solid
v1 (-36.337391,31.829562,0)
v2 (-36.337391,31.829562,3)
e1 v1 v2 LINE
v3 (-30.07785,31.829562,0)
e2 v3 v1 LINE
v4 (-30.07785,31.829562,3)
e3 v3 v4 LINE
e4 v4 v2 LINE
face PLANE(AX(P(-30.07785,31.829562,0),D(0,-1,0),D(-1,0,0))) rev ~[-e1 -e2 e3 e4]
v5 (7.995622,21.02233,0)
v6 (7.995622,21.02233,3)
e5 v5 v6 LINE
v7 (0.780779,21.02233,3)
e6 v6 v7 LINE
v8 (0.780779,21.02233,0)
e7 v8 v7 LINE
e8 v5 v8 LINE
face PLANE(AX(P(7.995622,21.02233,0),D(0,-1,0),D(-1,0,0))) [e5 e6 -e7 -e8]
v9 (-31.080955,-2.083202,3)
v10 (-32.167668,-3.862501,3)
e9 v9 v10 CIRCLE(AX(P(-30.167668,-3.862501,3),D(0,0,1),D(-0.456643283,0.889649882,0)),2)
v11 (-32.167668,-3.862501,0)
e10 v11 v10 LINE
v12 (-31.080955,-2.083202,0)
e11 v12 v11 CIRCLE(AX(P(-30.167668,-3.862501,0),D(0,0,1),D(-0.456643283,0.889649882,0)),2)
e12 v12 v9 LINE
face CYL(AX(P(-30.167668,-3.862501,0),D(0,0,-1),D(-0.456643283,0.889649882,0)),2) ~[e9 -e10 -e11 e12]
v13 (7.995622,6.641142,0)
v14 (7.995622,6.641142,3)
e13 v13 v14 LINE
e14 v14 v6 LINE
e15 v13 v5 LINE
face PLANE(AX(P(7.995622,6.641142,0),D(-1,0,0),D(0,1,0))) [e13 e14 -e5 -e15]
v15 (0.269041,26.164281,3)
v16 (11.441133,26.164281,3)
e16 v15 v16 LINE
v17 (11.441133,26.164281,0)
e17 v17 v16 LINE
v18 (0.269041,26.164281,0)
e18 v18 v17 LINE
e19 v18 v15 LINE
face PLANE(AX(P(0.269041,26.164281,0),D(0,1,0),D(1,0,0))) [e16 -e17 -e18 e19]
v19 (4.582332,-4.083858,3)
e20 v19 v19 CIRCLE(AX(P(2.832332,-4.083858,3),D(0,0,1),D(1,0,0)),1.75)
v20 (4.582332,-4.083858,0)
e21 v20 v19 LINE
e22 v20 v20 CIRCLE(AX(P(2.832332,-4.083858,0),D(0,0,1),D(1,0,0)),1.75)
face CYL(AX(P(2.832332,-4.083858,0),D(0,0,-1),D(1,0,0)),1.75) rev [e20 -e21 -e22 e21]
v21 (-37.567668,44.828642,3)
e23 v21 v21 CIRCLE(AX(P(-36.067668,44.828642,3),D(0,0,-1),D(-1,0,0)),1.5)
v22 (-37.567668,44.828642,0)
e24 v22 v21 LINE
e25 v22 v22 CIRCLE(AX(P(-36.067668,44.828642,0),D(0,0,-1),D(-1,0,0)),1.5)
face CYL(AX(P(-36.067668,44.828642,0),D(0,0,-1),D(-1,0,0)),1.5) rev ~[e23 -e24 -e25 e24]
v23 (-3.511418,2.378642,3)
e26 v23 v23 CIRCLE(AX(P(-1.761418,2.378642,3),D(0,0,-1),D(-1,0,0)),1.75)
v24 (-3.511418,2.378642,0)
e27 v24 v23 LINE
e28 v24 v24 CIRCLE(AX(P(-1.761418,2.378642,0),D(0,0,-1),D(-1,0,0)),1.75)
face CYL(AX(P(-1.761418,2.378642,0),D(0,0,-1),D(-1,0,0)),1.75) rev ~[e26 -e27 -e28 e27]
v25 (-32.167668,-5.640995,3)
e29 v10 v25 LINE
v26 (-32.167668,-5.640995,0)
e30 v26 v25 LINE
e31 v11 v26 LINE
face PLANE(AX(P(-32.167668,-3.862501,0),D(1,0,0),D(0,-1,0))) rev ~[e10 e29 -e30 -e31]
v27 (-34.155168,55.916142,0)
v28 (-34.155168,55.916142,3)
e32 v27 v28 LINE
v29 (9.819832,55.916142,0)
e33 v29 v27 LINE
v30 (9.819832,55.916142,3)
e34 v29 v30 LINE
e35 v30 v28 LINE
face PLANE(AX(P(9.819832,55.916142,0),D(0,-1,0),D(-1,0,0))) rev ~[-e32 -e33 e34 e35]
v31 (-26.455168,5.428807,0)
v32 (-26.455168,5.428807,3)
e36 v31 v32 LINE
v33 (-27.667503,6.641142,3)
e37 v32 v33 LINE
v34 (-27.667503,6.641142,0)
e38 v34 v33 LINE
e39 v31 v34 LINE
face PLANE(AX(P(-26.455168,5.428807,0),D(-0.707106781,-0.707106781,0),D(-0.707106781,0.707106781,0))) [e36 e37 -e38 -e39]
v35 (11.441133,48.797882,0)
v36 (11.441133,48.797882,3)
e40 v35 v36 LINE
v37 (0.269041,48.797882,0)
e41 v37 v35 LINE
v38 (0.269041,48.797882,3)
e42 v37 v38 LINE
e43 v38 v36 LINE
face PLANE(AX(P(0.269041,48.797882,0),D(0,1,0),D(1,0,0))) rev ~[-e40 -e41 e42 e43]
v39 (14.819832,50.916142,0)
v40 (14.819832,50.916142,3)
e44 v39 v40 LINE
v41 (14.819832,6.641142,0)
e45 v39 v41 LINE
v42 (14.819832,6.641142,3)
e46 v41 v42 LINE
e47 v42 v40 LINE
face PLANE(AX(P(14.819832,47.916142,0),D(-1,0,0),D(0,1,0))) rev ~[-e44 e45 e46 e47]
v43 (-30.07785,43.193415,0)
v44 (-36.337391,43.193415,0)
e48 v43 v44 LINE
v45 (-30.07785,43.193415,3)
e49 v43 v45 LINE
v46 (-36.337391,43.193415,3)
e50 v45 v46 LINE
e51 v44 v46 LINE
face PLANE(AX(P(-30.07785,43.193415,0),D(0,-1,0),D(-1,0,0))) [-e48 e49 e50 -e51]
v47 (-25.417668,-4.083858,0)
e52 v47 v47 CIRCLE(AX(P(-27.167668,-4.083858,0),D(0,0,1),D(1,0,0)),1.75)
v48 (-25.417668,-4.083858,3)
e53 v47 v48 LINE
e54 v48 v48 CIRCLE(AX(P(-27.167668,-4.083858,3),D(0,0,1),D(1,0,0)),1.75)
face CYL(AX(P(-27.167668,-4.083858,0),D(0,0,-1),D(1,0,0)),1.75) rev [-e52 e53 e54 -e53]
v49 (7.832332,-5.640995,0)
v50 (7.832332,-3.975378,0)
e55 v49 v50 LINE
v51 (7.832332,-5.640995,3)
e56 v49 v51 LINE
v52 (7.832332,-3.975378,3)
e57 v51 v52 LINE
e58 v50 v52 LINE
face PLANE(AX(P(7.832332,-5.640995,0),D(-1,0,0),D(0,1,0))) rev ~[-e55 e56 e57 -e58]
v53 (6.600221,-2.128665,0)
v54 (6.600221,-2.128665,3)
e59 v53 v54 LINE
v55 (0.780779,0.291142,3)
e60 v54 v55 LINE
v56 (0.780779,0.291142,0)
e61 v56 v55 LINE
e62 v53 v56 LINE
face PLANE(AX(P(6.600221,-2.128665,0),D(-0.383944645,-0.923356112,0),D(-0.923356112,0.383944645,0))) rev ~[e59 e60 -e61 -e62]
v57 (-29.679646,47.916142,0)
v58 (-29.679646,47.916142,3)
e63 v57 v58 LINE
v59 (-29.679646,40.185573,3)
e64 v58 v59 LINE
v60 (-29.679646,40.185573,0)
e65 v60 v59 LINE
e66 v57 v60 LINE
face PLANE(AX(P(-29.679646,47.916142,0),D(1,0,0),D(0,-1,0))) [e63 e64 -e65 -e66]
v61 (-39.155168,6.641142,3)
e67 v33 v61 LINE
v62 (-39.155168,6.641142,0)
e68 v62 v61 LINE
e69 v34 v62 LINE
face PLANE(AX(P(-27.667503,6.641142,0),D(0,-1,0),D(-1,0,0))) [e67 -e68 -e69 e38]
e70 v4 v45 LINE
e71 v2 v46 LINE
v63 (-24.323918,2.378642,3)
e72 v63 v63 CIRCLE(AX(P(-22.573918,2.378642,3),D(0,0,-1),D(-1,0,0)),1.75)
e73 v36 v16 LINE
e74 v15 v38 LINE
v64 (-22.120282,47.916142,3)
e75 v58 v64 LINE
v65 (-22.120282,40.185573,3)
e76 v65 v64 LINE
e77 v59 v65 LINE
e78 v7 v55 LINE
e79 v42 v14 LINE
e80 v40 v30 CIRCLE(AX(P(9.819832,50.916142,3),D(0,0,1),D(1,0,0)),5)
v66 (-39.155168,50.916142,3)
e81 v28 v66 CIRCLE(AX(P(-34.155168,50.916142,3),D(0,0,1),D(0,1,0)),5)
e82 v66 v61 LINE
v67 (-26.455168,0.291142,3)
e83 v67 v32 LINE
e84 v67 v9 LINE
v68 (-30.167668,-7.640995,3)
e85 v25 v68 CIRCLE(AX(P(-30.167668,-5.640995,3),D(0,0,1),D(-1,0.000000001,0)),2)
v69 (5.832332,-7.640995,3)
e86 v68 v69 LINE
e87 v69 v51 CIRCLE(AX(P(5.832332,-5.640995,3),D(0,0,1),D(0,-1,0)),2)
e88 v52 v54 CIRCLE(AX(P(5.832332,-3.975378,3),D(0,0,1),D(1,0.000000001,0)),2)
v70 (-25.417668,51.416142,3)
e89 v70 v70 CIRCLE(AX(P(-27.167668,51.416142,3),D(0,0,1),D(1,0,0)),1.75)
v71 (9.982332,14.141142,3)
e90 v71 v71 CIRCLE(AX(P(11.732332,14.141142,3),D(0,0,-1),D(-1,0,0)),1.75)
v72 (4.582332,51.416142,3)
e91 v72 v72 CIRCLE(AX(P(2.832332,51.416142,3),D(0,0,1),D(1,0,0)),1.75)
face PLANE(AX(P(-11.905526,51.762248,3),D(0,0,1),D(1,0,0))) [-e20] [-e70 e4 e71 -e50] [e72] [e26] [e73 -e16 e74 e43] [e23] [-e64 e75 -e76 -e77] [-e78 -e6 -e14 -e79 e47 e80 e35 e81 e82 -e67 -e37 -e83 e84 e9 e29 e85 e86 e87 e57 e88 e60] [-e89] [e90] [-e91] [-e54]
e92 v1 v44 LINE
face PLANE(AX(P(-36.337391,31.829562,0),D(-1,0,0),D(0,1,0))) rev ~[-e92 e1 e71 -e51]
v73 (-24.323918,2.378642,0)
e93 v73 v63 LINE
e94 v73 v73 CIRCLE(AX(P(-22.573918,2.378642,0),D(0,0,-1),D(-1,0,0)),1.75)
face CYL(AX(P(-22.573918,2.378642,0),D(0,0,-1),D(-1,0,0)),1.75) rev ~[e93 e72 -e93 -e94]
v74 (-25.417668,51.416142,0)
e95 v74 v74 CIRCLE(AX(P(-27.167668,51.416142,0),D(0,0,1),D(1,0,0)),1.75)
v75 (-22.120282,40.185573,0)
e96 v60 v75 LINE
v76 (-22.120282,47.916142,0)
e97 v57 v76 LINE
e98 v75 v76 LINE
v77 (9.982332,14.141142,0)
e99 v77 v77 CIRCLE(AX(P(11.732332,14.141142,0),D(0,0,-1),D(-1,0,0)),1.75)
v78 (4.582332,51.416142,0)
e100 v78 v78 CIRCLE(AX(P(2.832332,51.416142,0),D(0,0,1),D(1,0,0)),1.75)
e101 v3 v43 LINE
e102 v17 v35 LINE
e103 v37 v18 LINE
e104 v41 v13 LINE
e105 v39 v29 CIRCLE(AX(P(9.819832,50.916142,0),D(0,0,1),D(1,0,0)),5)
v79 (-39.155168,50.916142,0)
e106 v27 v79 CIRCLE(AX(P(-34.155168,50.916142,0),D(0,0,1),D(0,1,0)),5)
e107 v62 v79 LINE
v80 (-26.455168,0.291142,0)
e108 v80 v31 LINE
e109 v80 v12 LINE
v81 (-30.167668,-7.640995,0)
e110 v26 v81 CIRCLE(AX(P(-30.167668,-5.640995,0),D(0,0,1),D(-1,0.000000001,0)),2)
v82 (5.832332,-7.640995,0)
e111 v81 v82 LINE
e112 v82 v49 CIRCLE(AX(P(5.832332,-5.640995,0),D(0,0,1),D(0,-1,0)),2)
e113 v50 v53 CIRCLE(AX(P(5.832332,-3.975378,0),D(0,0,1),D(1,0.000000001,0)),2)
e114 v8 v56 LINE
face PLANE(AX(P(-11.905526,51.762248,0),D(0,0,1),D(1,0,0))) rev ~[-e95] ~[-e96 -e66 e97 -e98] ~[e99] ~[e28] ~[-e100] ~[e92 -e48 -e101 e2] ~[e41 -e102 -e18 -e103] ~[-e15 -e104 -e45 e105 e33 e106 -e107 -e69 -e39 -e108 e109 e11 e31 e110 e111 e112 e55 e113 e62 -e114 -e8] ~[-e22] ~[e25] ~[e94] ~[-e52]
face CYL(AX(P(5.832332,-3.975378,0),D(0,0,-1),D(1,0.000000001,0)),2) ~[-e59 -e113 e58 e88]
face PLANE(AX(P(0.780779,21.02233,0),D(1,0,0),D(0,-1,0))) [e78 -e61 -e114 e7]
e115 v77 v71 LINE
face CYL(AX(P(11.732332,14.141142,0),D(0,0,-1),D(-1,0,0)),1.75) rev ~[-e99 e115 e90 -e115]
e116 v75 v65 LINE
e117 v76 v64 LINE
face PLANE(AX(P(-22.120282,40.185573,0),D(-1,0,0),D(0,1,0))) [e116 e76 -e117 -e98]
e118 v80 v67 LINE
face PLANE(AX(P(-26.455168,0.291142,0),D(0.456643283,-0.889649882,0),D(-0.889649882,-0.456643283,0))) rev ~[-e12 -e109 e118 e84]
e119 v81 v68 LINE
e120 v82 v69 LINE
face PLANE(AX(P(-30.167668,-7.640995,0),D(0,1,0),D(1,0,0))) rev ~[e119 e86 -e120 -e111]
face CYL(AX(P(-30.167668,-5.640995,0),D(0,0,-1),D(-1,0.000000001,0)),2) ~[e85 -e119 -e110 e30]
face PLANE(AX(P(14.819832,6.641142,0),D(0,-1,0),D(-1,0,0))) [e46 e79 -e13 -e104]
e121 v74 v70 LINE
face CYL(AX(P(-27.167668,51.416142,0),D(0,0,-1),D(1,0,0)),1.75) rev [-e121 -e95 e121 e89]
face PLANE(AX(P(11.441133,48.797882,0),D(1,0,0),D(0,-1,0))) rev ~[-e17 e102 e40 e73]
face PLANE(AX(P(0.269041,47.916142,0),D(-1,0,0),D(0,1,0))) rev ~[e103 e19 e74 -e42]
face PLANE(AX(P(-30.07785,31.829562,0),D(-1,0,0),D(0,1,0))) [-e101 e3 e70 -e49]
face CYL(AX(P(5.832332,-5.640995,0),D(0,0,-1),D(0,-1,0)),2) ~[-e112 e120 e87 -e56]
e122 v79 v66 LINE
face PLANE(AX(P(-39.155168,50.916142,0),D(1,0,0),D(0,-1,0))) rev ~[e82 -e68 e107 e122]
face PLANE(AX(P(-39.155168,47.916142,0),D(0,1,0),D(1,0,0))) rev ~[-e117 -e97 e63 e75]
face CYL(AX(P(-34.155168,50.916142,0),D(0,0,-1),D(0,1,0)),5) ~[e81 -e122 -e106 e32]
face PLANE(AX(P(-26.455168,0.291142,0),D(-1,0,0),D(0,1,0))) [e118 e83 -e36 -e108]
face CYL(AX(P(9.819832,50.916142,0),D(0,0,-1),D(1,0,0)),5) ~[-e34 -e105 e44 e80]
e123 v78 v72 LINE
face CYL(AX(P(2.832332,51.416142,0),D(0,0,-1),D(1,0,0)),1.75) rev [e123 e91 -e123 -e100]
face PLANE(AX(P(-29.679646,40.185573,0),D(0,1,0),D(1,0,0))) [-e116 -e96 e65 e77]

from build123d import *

# Parameters (mm, degrees)
SKETCH2_R           = 1.75
SKETCH2_R_2         = 1.5
SKETCH2_W           = 6.259541377
SKETCH2_H           = 11.363852943
BOSS_EXTRUDE1_DEPTH = 3
SKETCH3_R           = 1.75
BOSS_EXTRUDE2_DEPTH = 3


with BuildPart() as part:
    # Sketch2 → Boss-Extrude1 (new body)
    with BuildSketch(Plane(origin=(0, 0, 0), x_dir=(-1, 0, 0), z_dir=(0, 0, -1))):
        Polygon((-11.441133476, 47.916141751), (-14.819831639, 47.916141751), (-14.819831639, 6.641141751), (-7.995621622, 6.641141751), (-7.995621622, 21.022330273), (-0.780778634, 21.022330273), (-0.780778634, 0.291141751), (26.455168361, 0.291141751), (26.455168361, 5.428807174), (27.667502938, 6.641141751), (39.155168361, 6.641141751), (39.155168361, 47.916141751), (29.679646442, 47.916141751), (29.679646442, 40.185572696), (22.120281557, 40.185572696), (22.120281557, 47.916141751), (-0.269040639, 47.916141751), (-0.269040639, 26.164281213), (-11.441133476, 26.164281213), align=None)
        with Locations((1.761418361, 2.378641751)):
            Circle(SKETCH2_R, mode=Mode.SUBTRACT)
        with Locations((36.067668361, 44.828641751)):
            Circle(SKETCH2_R_2, mode=Mode.SUBTRACT)
        with Locations((22.573918361, 2.378641751)):
            Circle(SKETCH2_R, mode=Mode.SUBTRACT)
        with Locations((-11.732331639, 14.141141751)):
            Circle(SKETCH2_R, mode=Mode.SUBTRACT)
        with Locations((33.207620521, 37.511488804)):
            Rectangle(SKETCH2_W, SKETCH2_H, mode=Mode.SUBTRACT)
    extrude(amount=-BOSS_EXTRUDE1_DEPTH)

    # Sketch3 → Boss-Extrude2 (add)
    # profile 1 of 2: a face of its own
    with BuildSketch(Plane.XY):
        with BuildLine():
            Line((-39.155168361, 47.916141751), (0.269040639, 47.916141751))
            Line((0.269040639, 47.916141751), (0.269040639, 48.797882205))
            Line((0.269040639, 48.797882205), (11.441133476, 48.797882205))
            Line((11.441133476, 48.797882205), (11.441133476, 47.916141751))
            Line((11.441133476, 47.916141751), (14.819831639, 47.916141751))
            Line((14.819831639, 47.916141751), (14.819831639, 50.916141751))
            ThreePointArc((14.819831639, 50.916141751), (13.355365545, 54.451675657), (9.819831639, 55.916141751))
            Line((9.819831639, 55.916141751), (-34.155168361, 55.916141751))
            ThreePointArc((-34.155168361, 55.916141751), (-37.690702267, 54.451675657), (-39.155168361, 50.916141751))
            Line((-39.155168361, 50.916141751), (-39.155168361, 47.916141751))
        make_face()
        with Locations((-27.167668361, 51.416141751)):
            Circle(SKETCH3_R, mode=Mode.SUBTRACT)
        with Locations((2.832331639, 51.416141751)):
            Circle(SKETCH3_R, mode=Mode.SUBTRACT)
    # profile 2 of 2: a face of its own
    with BuildSketch(Plane.XY):
        with BuildLine():
            Line((-26.455168361, 0.291141751), (-31.080954927, -2.083201693))
            ThreePointArc((-31.080954927, -2.083201693), (-31.87450361, -2.820045974), (-32.167668361, -3.862501457))
            Line((-32.167668361, -3.862501457), (-32.167668361, -5.640994596))
            ThreePointArc((-32.167668361, -5.640994596), (-31.581881924, -7.055208159), (-30.167668361, -7.640994596))
            Line((-30.167668361, -7.640994596), (5.832331639, -7.640994596))
            ThreePointArc((5.832331639, -7.640994596), (7.246545201, -7.055208159), (7.832331639, -5.640994596))
            Line((7.832331639, -5.640994596), (7.832331639, -3.975377608))
            ThreePointArc((7.832331639, -3.975377608), (7.496029114, -2.865372784), (6.600220929, -2.128665384))
            Line((6.600220929, -2.128665384), (0.780778634, 0.291141751))
            Line((0.780778634, 0.291141751), (-26.455168361, 0.291141751))
        make_face()
        with Locations((-27.167668361, -4.083858249)):
            Circle(SKETCH3_R, mode=Mode.SUBTRACT)
        with Locations((2.832331639, -4.083858249)):
            Circle(SKETCH3_R, mode=Mode.SUBTRACT)
    extrude(amount=BOSS_EXTRUDE2_DEPTH)


solid = part.part
